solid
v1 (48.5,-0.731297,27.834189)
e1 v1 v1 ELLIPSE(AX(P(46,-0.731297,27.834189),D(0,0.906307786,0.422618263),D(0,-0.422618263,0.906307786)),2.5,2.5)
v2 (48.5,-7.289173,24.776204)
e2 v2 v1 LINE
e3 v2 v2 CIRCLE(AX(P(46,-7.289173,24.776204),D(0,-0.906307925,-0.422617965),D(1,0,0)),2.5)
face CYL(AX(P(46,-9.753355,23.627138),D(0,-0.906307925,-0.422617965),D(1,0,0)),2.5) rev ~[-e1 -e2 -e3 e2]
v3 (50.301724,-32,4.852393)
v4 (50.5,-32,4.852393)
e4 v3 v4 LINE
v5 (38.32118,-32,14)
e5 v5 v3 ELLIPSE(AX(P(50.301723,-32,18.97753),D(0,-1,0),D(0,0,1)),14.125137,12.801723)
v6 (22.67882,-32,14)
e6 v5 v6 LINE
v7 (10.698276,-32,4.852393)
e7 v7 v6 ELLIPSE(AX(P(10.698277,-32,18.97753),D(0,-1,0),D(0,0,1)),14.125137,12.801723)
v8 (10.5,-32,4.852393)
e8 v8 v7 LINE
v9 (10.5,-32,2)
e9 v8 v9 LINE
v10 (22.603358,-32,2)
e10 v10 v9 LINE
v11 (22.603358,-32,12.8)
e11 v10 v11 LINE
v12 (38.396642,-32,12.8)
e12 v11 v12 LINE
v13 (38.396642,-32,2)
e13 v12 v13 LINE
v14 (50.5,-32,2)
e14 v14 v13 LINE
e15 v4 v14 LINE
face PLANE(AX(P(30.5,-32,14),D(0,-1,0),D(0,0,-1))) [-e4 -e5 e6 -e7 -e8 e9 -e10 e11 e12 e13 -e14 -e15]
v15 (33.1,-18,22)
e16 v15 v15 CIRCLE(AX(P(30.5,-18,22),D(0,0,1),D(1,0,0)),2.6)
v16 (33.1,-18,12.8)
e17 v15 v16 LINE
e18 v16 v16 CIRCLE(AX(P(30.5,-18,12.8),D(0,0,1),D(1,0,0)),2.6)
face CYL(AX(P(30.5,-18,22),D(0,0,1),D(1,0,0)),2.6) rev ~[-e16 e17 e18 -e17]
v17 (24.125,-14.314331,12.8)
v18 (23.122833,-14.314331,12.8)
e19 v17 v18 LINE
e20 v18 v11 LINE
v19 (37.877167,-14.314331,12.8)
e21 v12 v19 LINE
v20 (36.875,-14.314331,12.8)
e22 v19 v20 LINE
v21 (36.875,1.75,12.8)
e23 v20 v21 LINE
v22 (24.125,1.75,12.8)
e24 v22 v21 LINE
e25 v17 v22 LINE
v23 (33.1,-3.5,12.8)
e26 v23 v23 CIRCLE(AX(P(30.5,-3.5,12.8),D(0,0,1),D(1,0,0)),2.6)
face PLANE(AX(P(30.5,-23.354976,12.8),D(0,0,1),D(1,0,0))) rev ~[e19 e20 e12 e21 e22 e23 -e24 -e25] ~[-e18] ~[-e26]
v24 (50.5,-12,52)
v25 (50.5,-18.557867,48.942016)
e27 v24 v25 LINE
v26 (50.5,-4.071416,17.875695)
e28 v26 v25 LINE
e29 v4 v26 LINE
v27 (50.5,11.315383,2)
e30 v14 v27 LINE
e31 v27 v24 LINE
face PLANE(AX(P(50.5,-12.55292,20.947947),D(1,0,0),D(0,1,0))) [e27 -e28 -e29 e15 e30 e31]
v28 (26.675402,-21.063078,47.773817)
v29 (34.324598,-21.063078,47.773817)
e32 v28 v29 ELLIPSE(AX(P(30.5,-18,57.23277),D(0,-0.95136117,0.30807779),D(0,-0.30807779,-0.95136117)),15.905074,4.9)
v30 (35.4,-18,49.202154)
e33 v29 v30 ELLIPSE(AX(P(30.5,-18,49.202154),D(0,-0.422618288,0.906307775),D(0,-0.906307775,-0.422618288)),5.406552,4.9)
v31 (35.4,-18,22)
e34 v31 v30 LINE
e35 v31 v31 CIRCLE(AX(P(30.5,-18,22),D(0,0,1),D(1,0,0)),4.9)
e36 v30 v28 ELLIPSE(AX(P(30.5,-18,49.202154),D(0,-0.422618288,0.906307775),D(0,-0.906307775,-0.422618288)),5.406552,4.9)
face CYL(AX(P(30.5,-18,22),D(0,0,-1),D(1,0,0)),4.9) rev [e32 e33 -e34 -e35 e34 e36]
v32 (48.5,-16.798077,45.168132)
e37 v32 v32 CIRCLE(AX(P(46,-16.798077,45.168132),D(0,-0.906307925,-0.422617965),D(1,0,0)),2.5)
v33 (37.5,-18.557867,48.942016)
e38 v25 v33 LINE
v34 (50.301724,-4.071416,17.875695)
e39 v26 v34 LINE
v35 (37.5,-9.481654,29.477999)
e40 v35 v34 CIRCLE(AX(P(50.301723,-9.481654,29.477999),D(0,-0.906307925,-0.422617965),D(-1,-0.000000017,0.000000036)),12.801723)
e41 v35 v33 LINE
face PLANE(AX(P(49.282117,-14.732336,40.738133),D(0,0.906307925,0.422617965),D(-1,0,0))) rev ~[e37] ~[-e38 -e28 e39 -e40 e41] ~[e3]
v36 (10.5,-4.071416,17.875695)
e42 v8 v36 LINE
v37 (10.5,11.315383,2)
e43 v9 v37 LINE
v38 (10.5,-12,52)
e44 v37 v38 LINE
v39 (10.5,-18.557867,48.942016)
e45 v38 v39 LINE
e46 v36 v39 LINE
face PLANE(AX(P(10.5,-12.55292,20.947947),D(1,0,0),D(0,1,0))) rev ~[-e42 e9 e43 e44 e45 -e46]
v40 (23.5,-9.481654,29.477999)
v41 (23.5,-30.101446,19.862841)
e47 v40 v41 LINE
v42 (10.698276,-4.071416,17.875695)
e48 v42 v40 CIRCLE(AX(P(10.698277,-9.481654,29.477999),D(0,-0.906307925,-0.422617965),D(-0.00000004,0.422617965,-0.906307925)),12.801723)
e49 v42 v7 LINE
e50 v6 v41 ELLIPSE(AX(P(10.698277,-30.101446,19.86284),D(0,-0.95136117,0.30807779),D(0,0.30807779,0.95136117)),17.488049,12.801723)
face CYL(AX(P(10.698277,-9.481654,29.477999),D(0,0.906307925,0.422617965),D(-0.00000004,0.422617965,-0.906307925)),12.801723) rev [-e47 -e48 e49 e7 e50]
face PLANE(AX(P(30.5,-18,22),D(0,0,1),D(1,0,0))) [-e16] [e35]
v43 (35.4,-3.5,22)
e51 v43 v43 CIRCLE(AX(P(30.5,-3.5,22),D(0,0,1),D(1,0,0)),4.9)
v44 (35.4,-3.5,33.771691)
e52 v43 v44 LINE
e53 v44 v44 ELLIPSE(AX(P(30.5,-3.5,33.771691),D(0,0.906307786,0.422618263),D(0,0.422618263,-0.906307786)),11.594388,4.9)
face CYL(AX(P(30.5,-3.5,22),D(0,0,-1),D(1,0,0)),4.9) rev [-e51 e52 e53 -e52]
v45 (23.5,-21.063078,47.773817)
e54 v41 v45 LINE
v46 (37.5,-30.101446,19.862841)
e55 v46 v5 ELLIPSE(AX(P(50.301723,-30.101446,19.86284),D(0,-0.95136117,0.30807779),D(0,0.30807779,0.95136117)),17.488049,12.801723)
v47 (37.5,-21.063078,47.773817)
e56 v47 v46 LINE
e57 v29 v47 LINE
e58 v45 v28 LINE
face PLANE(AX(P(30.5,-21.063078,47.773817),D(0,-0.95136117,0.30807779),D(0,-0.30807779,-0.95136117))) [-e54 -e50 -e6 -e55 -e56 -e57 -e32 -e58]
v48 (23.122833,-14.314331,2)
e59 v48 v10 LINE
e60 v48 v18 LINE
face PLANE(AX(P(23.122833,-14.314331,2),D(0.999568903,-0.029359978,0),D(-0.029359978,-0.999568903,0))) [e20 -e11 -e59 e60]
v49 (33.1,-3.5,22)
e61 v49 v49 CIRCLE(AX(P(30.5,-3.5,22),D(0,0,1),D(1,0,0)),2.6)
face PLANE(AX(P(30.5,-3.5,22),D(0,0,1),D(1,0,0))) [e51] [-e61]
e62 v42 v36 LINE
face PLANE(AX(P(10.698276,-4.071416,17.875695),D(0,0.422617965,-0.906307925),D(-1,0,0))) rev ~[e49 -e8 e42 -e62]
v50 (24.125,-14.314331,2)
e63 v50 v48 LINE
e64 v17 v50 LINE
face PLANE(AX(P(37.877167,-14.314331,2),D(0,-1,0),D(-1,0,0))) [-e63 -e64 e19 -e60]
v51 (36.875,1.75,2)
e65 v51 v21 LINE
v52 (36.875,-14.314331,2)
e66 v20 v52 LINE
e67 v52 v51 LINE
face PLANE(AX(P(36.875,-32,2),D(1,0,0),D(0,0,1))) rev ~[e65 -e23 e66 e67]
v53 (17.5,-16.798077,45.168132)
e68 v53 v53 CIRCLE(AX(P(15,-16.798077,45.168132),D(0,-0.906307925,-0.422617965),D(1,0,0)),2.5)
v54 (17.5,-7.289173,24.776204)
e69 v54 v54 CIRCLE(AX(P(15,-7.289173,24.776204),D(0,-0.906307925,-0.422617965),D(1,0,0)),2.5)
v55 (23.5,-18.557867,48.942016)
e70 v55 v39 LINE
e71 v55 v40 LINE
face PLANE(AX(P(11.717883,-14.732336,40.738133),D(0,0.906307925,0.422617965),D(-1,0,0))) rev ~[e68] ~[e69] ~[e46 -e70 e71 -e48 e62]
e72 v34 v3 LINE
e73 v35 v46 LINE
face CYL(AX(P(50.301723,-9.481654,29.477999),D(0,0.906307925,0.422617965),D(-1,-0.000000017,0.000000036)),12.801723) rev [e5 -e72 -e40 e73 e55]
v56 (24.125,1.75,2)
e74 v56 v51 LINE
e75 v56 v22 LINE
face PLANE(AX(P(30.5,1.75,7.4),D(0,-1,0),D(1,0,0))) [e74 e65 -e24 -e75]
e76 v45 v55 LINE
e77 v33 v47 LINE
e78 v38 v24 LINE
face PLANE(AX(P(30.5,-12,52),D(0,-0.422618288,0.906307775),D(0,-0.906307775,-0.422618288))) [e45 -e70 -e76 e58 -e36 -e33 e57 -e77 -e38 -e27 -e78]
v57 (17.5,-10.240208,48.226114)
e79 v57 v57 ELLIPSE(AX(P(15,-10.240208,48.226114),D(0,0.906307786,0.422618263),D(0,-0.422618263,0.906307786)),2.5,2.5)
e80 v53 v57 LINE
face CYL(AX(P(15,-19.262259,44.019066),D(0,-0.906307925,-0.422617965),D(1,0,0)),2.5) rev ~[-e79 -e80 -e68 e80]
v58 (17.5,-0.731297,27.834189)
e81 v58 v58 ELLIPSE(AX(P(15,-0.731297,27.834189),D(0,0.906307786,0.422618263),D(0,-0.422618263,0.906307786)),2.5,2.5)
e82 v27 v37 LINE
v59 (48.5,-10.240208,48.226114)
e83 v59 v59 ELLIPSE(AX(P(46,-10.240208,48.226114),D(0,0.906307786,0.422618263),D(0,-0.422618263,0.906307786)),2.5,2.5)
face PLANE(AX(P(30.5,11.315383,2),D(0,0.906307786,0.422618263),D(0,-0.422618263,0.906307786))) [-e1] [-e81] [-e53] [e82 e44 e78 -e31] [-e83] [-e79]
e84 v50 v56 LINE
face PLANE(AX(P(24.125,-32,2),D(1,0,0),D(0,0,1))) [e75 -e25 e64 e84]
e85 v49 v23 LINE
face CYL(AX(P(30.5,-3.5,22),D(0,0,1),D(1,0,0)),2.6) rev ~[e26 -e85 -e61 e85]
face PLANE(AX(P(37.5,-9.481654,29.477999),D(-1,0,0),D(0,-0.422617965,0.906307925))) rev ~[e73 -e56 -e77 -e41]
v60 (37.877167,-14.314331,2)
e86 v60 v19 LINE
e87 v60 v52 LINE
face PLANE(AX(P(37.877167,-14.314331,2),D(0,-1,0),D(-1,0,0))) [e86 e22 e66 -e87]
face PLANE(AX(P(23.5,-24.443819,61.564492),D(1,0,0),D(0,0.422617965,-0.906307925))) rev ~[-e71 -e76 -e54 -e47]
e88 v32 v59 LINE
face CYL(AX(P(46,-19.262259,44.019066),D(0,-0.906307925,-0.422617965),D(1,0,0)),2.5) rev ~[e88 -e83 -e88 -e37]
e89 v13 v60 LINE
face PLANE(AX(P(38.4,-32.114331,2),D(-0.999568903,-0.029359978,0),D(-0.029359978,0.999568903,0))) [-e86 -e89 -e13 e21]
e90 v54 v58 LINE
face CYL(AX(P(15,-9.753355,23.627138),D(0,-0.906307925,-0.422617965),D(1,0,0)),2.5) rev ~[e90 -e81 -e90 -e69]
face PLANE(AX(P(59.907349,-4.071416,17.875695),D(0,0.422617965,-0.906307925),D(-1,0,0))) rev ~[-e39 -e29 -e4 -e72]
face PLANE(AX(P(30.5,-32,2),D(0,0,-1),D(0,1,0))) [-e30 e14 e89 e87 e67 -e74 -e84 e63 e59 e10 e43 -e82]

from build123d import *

# Parameters (mm, degrees)
PAD010_DEPTH    = 20
SKETCH018_W     = 12.75
SKETCH018_H     = 10.8
POCKET006_DEPTH = 33.75
POCKET007_DEPTH = 50
SKETCH017_R     = 4.9
POCKET008_DEPTH = 30.001
SKETCH020_R     = 2.6
POCKET009_DEPTH = 20.001
SKETCH021_R     = 2.5
POCKET010_DEPTH = 31.086657
POCKET011_DEPTH = 10.8


with BuildPart() as part:
    # Sketch016 → Pad010 (new body, symmetric)
    with BuildSketch(Plane.YZ):
        Polygon((23.315383, 0), (0, 50), (-9.063078, 45.773817), (-20, 12), (-20, 0), align=None)
    extrude(amount=PAD010_DEPTH, both=True)

    # Sketch018 → Pocket006 (cut)
    with BuildSketch(Plane.XZ.offset(20)):
        with Locations((0, 5.4)):
            Rectangle(SKETCH018_W, SKETCH018_H)
    extrude(amount=-POCKET006_DEPTH, mode=Mode.SUBTRACT)

    # Sketch019 → Pocket007 (cut)
    with BuildSketch(Plane(origin=(0, 13, 5), x_dir=(1, 0, 0), z_dir=(0, -0.906308, -0.422618))):
        with BuildLine():
            Line((-29.407349, 60.205246), (-7, 60.205246))
            Line((-7, 60.205246), (-7, 24.801724))
            ThreePointArc((-19.801724, 12), (-10.749538, 15.749538), (-7, 24.801724))
            Line((-19.801724, 12), (-29.407349, 12))
            Line((-29.407349, 12), (-29.407349, 60.205246))
        make_face()
        with BuildLine():
            Line((7, 60.205246), (29.407349, 60.205246))
            Line((29.407349, 60.205246), (29.407349, 12))
            Line((29.407349, 12), (19.801724, 12))
            ThreePointArc((7, 24.801724), (10.749538, 15.749538), (19.801724, 12))
            Line((7, 24.801724), (7, 60.205246))
        make_face()
    extrude(amount=POCKET007_DEPTH, mode=Mode.SUBTRACT)

    # Sketch017 → Pocket008 (cut, through all)
    with BuildSketch(Plane.XY.offset(20)):
        with Locations((0, -6)):
            Circle(SKETCH017_R)
        with Locations((0, 8.5)):
            Circle(SKETCH017_R)
    extrude(amount=POCKET008_DEPTH, mode=Mode.SUBTRACT)

    # Sketch020 → Pocket009 (cut, through all)
    with BuildSketch(Plane.XY.offset(20)):
        with Locations((0, -6)):
            Circle(SKETCH020_R)
        with Locations((0, 8.5)):
            Circle(SKETCH020_R)
    extrude(amount=-POCKET009_DEPTH, mode=Mode.SUBTRACT)

    # Sketch021 → Pocket010 (cut, through all)
    with BuildSketch(Plane(origin=(0, 10, 5), x_dir=(1, 0, 0), z_dir=(0, -0.906308, -0.422618))):
        with Locations((15.5, 18.346014)):
            Circle(SKETCH021_R)
        with Locations((-15.5, 18.346014)):
            Circle(SKETCH021_R)
        with Locations((15.5, 40.846014)):
            Circle(SKETCH021_R)
        with Locations((-15.5, 40.846014)):
            Circle(SKETCH021_R)
    extrude(amount=-POCKET010_DEPTH, mode=Mode.SUBTRACT)

    # Sketch022 → Pocket011 (cut)
    with BuildSketch(Plane.XY):
        Polygon((-7.9, -20.114331), (7.9, -20.114331), (7.377167, -2.314331), (-7.377167, -2.314331), align=None)
    extrude(amount=POCKET011_DEPTH, mode=Mode.SUBTRACT)


with BuildPart() as part_1:
    # Body009 placement: moved
    add(part.part.moved(Location((30.5, -12, 2))))


solid = part_1.part
